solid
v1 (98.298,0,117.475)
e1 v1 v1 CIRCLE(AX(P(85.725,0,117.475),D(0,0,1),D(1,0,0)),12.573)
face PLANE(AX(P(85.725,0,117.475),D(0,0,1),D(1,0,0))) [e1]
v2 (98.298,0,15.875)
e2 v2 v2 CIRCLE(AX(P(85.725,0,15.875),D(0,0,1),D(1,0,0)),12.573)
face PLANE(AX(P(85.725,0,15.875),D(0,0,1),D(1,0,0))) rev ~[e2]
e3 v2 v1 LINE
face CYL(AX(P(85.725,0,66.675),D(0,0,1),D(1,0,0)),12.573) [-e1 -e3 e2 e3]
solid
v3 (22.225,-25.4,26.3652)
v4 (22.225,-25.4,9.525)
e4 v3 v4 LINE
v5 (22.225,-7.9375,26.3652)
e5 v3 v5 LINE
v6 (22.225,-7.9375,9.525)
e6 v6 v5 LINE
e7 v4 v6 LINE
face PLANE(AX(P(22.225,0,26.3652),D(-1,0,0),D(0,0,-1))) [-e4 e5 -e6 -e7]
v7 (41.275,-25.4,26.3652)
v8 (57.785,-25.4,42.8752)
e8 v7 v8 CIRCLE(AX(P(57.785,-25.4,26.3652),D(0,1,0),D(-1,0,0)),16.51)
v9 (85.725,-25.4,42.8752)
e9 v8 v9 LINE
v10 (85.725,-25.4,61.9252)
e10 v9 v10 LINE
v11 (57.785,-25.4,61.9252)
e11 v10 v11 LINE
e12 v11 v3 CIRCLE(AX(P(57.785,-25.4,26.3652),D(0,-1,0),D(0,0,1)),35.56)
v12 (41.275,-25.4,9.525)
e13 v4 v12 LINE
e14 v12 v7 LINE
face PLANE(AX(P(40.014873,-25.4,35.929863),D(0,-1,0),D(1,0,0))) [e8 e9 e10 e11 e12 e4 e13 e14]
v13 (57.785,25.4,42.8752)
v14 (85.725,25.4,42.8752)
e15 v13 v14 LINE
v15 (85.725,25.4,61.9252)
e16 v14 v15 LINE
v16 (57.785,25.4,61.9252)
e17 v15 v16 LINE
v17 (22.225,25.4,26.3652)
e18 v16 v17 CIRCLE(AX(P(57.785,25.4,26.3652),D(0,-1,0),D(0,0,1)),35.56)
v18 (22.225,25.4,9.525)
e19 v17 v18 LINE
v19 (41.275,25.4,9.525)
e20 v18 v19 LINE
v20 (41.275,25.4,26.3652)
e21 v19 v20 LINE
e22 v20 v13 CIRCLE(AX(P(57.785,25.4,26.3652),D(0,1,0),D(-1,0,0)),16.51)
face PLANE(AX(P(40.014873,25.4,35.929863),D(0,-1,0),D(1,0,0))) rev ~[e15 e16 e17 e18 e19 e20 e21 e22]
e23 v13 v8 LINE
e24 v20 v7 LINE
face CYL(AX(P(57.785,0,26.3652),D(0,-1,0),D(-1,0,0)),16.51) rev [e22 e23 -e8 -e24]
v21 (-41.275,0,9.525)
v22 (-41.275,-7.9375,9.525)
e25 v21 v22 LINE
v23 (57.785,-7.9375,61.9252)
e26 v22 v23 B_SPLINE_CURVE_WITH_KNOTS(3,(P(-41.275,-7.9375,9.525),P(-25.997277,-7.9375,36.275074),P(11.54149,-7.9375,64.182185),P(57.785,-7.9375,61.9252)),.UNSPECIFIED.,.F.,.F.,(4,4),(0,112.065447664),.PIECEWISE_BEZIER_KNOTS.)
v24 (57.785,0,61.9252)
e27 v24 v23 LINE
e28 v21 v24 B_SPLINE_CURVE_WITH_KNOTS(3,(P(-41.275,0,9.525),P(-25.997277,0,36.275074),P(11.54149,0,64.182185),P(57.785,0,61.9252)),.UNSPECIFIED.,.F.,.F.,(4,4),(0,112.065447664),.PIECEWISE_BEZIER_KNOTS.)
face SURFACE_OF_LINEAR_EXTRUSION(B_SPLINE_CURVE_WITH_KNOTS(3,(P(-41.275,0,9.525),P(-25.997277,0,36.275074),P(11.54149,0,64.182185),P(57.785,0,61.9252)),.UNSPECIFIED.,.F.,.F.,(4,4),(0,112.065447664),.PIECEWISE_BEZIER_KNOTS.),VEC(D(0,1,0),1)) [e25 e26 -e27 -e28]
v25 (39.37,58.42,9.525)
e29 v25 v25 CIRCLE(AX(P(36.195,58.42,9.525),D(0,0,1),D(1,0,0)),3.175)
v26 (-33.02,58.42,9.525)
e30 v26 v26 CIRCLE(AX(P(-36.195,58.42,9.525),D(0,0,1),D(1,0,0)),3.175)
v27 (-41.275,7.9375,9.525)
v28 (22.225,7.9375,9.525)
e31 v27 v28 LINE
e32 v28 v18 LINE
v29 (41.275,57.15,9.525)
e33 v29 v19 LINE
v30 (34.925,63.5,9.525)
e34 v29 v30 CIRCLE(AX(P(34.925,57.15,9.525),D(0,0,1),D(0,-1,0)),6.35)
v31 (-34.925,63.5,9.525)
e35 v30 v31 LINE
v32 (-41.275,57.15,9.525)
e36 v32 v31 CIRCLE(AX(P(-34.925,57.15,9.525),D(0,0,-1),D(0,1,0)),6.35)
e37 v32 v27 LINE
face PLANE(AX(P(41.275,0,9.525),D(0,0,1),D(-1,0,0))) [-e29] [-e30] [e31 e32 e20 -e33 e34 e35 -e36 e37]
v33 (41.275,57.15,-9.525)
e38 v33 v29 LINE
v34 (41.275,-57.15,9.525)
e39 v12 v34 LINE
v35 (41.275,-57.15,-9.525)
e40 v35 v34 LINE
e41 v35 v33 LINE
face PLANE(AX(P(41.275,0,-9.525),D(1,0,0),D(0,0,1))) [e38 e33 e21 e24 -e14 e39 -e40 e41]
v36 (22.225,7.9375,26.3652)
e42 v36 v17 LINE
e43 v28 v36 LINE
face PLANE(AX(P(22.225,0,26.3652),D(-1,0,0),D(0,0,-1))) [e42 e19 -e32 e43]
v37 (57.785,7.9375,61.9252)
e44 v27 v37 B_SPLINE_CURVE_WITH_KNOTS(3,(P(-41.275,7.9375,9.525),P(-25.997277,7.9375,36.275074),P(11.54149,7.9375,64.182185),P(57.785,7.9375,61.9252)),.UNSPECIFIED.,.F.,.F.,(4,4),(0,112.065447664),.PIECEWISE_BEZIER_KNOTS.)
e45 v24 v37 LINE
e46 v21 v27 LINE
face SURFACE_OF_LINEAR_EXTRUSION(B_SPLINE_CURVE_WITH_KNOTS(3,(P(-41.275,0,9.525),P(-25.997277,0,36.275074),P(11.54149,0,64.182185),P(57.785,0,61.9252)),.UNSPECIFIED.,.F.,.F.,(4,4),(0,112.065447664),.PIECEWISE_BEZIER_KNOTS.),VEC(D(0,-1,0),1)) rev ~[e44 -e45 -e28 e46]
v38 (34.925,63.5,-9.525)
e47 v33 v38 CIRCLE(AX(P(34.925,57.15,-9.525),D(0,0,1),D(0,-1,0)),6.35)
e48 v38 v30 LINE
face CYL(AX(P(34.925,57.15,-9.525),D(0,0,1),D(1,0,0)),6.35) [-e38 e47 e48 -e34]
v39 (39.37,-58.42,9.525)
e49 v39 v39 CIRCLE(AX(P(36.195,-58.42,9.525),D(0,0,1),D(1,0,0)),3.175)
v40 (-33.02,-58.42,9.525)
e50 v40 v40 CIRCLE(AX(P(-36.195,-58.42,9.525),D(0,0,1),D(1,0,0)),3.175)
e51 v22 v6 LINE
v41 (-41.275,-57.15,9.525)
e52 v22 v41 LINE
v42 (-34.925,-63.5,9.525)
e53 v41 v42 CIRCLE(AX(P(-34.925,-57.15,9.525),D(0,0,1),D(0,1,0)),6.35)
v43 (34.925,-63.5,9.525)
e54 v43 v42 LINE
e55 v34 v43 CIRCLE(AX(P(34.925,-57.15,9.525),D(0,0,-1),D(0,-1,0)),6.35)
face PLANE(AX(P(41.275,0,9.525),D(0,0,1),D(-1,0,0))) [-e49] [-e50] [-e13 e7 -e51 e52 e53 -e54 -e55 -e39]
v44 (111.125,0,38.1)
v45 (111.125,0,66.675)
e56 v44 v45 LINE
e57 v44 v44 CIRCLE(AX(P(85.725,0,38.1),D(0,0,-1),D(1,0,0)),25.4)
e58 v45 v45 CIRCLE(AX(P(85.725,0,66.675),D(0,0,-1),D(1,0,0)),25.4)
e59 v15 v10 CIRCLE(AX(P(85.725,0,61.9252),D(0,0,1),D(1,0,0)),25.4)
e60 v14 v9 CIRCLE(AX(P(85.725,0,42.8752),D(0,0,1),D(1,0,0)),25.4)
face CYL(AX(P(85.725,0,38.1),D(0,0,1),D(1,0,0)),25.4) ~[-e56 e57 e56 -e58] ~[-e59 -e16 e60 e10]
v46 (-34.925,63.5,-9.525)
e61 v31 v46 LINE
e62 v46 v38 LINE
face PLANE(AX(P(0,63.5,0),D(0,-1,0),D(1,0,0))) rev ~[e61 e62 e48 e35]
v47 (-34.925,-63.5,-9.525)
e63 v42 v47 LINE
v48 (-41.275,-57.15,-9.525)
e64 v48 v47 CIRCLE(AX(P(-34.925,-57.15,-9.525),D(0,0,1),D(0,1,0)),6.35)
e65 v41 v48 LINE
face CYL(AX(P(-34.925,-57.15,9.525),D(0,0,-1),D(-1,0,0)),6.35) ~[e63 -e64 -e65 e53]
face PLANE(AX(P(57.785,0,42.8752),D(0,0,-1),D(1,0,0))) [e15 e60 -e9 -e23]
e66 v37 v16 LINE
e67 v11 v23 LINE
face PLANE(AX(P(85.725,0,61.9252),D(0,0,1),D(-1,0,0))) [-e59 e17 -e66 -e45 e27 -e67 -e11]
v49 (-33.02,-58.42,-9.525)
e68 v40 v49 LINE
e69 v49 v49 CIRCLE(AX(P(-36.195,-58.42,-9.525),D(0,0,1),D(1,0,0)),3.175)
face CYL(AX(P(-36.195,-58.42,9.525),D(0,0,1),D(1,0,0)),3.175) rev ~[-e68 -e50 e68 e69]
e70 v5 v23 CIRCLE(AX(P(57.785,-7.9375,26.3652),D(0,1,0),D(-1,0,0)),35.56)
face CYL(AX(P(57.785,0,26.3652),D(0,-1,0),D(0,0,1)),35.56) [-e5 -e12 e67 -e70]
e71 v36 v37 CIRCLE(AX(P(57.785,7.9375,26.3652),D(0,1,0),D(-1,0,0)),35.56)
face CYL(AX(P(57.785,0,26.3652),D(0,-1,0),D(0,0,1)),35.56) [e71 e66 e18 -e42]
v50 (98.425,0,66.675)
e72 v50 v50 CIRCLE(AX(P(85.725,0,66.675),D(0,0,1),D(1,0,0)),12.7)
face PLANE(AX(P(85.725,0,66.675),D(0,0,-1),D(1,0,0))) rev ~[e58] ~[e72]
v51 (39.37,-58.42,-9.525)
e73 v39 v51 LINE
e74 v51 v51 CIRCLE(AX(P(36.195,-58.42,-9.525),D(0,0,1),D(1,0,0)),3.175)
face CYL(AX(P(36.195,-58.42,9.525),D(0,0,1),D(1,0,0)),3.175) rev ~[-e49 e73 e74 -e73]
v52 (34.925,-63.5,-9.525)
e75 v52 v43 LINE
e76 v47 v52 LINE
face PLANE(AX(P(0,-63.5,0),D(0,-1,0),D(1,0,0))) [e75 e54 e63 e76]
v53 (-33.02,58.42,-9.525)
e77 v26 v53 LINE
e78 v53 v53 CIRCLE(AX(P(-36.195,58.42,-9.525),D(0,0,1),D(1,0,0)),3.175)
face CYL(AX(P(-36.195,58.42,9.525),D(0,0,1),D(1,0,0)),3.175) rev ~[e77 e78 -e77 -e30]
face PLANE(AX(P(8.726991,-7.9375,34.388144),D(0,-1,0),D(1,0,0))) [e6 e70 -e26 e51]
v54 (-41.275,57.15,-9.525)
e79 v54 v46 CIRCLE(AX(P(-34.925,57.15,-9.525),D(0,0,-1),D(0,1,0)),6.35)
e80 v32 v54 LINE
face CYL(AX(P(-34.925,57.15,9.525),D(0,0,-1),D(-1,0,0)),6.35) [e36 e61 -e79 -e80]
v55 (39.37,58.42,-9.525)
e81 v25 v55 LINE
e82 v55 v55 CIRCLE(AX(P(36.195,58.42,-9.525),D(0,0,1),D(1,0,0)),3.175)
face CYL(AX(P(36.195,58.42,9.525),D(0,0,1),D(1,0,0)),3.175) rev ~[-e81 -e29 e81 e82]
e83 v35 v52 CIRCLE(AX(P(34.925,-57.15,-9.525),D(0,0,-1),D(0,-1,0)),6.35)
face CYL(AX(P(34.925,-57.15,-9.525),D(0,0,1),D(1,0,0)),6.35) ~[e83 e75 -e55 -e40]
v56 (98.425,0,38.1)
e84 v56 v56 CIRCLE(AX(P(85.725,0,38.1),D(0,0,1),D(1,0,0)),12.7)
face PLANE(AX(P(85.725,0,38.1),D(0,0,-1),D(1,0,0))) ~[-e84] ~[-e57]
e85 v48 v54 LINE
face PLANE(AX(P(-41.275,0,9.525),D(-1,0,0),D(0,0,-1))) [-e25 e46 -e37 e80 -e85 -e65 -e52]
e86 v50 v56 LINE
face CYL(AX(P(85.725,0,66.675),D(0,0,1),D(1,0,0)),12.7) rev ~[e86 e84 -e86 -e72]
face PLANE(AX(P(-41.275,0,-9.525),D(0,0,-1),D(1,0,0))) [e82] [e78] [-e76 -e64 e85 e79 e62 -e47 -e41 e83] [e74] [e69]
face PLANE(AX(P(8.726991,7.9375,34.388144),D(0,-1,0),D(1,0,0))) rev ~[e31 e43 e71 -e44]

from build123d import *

# Parameters (mm, degrees)
F1_DEPTH  = 63.5
F0_W      = 25.4
F0_H      = 19.05
F2_DEPTH  = 25.4
F3_DEPTH  = 7.9375
F5_R      = 6.35
F6_R      = 12.7
F7_DEPTH  = 30.48
F8_R      = 3.175
F9_DEPTH  = 25.4
F10_R     = 12.573
F11_DEPTH = 50.8


with BuildPart() as f1:
    # F0 (on Front) → F1 (new body, symmetric)
    with BuildSketch(Plane.XZ):
        Polygon((41.275, -9.525), (41.275, 9.525), (22.225, 9.525), (-41.275, 9.525), (-41.275, -9.525), align=None)
    extrude(amount=F1_DEPTH, both=True)

    # F0 (on Front) → F2 (join, symmetric)
    with BuildSketch(Plane.XZ):
        with BuildLine():
            Line((22.225, 9.525), (41.275, 9.525))
            Line((41.275, 9.525), (41.275, 26.3652))
            ThreePointArc((41.275, 26.3652), (46.1106670426, 38.0395329574), (57.785, 42.8752))
            Line((57.785, 42.8752), (60.325, 42.8752))
            Line((60.325, 42.8752), (60.325, 61.9252))
            Line((60.325, 61.9252), (57.785, 61.9252))
            ThreePointArc((57.785, 61.9252), (32.640282861, 51.509917139), (22.225, 26.3652))
            Line((22.225, 26.3652), (22.225, 9.525))
        make_face()
        with Locations((73.025, 52.4002)):
            Rectangle(F0_W, F0_H)
    extrude(amount=F2_DEPTH, both=True)

    # F0 (on Front) → F3 (join, symmetric)
    with BuildSketch(Plane.XZ):
        with BuildLine():
            Line((-41.275, 9.525), (22.225, 9.525))
            Line((22.225, 9.525), (22.225, 26.3652))
            ThreePointArc((22.225, 26.3652), (32.640282861, 51.509917139), (57.785, 61.9252))
            add(Edge.make_bspline(
                [(-41.275, 9.525), (-25.9972773492, 36.2750738859), (11.5414904431, 64.1821846366), (57.785, 61.9252)],
                knots=[0, 0, 0, 0, 112.0654476636, 112.0654476636, 112.0654476636, 112.0654476636], degree=3))
        make_face()
    extrude(amount=F3_DEPTH, both=True)

    # F0 (on Front) → F4 (revolve)
    with BuildSketch(Plane.XZ):
        Polygon((85.725, 61.9252), (85.725, 42.8752), (85.725, 38.1), (111.125, 38.1), (111.125, 66.675), (85.725, 66.675), align=None)
    revolve(axis=Axis((85.725, 0, 52.3875), (0, 0, -1)))

    # F5
    f5_edges = [f1.edges().sort_by_distance(p)[0] for p in [
        (-41.275, -63.5, 0),
        (41.275, -63.5, 0),
        (41.275, 63.5, 0),
        (-41.275, 63.5, 0),
    ]]
    fillet(f5_edges, radius=F5_R)

    # F6 (on face) → F7 (cut)
    with BuildSketch(Plane.XY.offset(66.675)):
        with Locations((85.725, 0)):
            Circle(F6_R)
    extrude(amount=-F7_DEPTH, mode=Mode.SUBTRACT)

    # F8 (on face) → F9 (cut)
    with BuildSketch(Plane.XY.offset(9.525)):
        with Locations((-36.195, 58.42)):
            Circle(F8_R)
        with Locations((36.195, 58.42)):
            Circle(F8_R)
        with Locations((36.195, -58.42)):
            Circle(F8_R)
        with Locations((-36.195, -58.42)):
            Circle(F8_R)
    extrude(amount=-F9_DEPTH, mode=Mode.SUBTRACT)


with BuildPart() as f11:
    # F10 (on face) → F11 (new body, symmetric)
    with BuildSketch(Plane.XY.offset(66.675)):
        with Locations((85.725, 0)):
            Circle(F10_R)
    extrude(amount=F11_DEPTH, both=True)


solid = Compound([f1.part, f11.part])
